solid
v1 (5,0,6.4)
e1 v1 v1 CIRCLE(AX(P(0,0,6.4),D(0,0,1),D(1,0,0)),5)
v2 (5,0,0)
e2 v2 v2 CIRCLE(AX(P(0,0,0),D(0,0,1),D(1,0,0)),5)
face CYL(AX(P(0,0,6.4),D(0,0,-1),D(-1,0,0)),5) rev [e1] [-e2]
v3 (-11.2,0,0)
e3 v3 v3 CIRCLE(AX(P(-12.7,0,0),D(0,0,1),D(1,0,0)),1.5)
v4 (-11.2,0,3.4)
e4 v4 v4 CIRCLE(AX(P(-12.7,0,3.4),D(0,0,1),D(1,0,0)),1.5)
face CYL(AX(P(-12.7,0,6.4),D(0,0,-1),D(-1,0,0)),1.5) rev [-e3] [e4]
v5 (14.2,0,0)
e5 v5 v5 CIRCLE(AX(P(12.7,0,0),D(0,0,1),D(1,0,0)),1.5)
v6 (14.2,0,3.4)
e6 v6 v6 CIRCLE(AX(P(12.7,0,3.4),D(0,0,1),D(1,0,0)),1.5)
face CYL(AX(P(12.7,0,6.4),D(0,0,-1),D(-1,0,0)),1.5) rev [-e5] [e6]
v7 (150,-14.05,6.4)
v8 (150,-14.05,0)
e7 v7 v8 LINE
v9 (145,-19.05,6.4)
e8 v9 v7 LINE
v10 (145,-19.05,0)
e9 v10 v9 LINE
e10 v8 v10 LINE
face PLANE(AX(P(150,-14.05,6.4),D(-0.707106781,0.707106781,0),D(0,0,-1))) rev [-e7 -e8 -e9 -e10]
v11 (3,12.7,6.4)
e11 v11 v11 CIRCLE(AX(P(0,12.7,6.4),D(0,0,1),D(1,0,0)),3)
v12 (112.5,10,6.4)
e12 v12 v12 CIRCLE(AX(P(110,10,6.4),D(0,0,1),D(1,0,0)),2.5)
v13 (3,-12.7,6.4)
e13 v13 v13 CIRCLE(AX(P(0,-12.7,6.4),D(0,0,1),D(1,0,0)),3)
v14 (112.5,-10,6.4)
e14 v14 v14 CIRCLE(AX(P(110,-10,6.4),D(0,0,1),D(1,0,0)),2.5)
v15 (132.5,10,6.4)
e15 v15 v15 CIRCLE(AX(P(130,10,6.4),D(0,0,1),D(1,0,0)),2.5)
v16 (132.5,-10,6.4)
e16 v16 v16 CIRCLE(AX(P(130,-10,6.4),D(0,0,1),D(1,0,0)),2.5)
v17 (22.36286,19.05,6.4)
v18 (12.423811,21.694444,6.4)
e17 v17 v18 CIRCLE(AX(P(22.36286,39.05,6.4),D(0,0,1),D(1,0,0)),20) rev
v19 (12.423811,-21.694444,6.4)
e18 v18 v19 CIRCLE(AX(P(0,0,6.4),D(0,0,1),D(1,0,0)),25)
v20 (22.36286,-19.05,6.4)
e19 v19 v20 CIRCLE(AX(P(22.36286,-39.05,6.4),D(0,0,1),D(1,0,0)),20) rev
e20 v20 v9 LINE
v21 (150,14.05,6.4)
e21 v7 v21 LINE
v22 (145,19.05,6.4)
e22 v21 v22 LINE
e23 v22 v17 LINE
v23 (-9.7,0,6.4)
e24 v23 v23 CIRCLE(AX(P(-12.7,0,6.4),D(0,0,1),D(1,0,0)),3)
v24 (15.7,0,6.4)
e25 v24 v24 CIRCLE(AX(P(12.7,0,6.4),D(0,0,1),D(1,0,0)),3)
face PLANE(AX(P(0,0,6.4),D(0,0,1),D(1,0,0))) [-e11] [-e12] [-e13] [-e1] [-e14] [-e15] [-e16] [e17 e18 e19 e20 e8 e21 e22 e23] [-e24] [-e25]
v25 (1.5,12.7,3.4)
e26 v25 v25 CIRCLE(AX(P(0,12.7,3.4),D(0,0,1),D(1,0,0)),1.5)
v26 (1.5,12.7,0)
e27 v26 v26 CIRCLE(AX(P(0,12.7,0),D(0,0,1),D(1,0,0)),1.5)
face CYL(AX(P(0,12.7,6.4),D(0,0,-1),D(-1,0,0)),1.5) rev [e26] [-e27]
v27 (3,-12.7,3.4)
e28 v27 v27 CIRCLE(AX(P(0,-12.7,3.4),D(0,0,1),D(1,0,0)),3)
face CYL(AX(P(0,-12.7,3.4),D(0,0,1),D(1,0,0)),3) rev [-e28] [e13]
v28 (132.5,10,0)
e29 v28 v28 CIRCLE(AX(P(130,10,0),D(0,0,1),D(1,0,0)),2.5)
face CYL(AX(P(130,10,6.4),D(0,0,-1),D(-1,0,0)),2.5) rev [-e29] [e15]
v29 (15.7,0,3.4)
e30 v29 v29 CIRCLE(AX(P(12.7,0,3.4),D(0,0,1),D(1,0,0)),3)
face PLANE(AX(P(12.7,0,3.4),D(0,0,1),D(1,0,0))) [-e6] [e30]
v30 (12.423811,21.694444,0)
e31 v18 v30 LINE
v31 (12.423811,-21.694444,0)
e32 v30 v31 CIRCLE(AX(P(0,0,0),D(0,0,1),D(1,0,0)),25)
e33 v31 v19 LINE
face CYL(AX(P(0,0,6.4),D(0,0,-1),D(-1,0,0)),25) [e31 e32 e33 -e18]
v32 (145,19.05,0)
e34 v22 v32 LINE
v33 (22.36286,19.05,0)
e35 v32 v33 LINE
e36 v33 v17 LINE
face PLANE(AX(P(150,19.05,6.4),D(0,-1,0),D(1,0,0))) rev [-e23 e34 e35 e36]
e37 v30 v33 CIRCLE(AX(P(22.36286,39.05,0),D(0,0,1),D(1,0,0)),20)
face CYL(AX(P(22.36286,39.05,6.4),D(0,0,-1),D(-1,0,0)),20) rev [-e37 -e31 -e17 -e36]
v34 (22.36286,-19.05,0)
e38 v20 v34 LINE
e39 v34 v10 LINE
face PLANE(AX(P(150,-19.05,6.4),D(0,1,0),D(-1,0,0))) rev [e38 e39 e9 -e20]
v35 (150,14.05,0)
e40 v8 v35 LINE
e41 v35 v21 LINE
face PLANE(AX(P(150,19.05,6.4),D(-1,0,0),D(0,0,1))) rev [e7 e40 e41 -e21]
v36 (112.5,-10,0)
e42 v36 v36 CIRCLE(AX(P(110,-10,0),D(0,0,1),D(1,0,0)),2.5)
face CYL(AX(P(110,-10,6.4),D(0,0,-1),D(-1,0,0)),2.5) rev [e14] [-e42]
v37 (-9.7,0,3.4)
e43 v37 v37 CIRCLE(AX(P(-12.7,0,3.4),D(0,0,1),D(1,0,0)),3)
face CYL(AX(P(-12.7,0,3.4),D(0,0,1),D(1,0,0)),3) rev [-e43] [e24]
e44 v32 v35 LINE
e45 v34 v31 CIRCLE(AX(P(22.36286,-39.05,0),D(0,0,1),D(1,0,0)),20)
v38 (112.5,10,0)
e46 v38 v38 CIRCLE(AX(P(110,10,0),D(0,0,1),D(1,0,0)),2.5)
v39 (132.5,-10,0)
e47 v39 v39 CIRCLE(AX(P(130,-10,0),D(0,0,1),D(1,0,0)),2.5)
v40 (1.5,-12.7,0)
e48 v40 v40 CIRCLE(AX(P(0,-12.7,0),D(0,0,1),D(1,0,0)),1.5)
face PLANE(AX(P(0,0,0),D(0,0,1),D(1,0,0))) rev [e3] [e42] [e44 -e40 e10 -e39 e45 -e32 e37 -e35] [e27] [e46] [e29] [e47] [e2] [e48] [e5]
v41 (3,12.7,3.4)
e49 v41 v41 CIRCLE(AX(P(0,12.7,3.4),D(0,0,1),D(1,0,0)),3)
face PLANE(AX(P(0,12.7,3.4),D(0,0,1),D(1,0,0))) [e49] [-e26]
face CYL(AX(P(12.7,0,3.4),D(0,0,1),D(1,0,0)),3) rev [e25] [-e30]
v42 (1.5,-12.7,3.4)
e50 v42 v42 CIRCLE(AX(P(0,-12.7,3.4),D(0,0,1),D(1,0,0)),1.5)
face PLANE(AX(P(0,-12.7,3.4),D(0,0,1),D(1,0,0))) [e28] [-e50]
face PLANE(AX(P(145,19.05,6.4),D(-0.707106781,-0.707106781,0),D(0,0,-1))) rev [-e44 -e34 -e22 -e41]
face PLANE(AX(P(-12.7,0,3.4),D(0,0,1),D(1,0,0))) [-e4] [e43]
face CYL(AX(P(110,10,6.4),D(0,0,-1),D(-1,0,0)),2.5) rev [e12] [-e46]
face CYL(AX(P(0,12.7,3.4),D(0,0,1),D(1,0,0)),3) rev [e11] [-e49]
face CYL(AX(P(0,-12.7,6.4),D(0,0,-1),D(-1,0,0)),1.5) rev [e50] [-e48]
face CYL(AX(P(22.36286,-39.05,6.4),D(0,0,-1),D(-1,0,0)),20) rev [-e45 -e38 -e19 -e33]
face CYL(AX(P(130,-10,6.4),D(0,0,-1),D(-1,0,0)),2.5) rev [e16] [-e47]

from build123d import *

# Parameters (mm, degrees)
SKETCH1_R           = 5
SKETCH1_R_2         = 2.5
SKETCH1_R_3         = 1.5
BOSS_EXTRUDE1_DEPTH = 6.4
SKETCH2_R           = 3
CUT_EXTRUDE1_DEPTH  = 3
CHAMFER1_SIZE       = 5
FILLET1_R           = 20


with BuildPart() as part:
    # Sketch1 → Boss-Extrude1 (new body)
    with BuildSketch(Plane.XY):
        with BuildLine():
            Line((150, 19.05), (16.189425561, 19.05))
            ThreePointArc((16.189425561, 19.05), (-25, 0), (16.189425561, -19.05))
            Line((16.189425561, -19.05), (150, -19.05))
            Line((150, -19.05), (150, 19.05))
        make_face()
        Circle(SKETCH1_R, mode=Mode.SUBTRACT)
        with Locations((130, 10)):
            Circle(SKETCH1_R_2, mode=Mode.SUBTRACT)
        with Locations((110, 10)):
            Circle(SKETCH1_R_2, mode=Mode.SUBTRACT)
        with Locations((110, -10)):
            Circle(SKETCH1_R_2, mode=Mode.SUBTRACT)
        with Locations((130, -10)):
            Circle(SKETCH1_R_2, mode=Mode.SUBTRACT)
        with Locations((0, 12.7)):
            Circle(SKETCH1_R_3, mode=Mode.SUBTRACT)
        with Locations((0, -12.7)):
            Circle(SKETCH1_R_3, mode=Mode.SUBTRACT)
        with Locations((12.7, 0)):
            Circle(SKETCH1_R_3, mode=Mode.SUBTRACT)
        with Locations((-12.7, 0)):
            Circle(SKETCH1_R_3, mode=Mode.SUBTRACT)
    extrude(amount=BOSS_EXTRUDE1_DEPTH)

    # Sketch2 → Cut-Extrude1 (cut)
    with BuildSketch(Plane.XY.offset(6.4)):
        with Locations((0, 12.7)):
            Circle(SKETCH2_R)
        with Locations((12.7, 0)):
            Circle(SKETCH2_R)
        with Locations((0, -12.7)):
            Circle(SKETCH2_R)
        with Locations((-12.7, 0)):
            Circle(SKETCH2_R)
    extrude(amount=-CUT_EXTRUDE1_DEPTH, mode=Mode.SUBTRACT)

    # Chamfer1
    chamfer1_edges = [part.edges().sort_by_distance(p)[0] for p in [
        (150, -19.05, 3.2),
        (150, 19.05, 3.2),
    ]]
    chamfer(chamfer1_edges, length=CHAMFER1_SIZE)

    # Fillet1
    fillet1_edges = [part.edges().sort_by_distance(p)[0] for p in [
        (16.189425561, -19.05, 3.2),
        (16.189425561, 19.05, 3.2),
    ]]
    fillet(fillet1_edges, radius=FILLET1_R)


solid = part.part
